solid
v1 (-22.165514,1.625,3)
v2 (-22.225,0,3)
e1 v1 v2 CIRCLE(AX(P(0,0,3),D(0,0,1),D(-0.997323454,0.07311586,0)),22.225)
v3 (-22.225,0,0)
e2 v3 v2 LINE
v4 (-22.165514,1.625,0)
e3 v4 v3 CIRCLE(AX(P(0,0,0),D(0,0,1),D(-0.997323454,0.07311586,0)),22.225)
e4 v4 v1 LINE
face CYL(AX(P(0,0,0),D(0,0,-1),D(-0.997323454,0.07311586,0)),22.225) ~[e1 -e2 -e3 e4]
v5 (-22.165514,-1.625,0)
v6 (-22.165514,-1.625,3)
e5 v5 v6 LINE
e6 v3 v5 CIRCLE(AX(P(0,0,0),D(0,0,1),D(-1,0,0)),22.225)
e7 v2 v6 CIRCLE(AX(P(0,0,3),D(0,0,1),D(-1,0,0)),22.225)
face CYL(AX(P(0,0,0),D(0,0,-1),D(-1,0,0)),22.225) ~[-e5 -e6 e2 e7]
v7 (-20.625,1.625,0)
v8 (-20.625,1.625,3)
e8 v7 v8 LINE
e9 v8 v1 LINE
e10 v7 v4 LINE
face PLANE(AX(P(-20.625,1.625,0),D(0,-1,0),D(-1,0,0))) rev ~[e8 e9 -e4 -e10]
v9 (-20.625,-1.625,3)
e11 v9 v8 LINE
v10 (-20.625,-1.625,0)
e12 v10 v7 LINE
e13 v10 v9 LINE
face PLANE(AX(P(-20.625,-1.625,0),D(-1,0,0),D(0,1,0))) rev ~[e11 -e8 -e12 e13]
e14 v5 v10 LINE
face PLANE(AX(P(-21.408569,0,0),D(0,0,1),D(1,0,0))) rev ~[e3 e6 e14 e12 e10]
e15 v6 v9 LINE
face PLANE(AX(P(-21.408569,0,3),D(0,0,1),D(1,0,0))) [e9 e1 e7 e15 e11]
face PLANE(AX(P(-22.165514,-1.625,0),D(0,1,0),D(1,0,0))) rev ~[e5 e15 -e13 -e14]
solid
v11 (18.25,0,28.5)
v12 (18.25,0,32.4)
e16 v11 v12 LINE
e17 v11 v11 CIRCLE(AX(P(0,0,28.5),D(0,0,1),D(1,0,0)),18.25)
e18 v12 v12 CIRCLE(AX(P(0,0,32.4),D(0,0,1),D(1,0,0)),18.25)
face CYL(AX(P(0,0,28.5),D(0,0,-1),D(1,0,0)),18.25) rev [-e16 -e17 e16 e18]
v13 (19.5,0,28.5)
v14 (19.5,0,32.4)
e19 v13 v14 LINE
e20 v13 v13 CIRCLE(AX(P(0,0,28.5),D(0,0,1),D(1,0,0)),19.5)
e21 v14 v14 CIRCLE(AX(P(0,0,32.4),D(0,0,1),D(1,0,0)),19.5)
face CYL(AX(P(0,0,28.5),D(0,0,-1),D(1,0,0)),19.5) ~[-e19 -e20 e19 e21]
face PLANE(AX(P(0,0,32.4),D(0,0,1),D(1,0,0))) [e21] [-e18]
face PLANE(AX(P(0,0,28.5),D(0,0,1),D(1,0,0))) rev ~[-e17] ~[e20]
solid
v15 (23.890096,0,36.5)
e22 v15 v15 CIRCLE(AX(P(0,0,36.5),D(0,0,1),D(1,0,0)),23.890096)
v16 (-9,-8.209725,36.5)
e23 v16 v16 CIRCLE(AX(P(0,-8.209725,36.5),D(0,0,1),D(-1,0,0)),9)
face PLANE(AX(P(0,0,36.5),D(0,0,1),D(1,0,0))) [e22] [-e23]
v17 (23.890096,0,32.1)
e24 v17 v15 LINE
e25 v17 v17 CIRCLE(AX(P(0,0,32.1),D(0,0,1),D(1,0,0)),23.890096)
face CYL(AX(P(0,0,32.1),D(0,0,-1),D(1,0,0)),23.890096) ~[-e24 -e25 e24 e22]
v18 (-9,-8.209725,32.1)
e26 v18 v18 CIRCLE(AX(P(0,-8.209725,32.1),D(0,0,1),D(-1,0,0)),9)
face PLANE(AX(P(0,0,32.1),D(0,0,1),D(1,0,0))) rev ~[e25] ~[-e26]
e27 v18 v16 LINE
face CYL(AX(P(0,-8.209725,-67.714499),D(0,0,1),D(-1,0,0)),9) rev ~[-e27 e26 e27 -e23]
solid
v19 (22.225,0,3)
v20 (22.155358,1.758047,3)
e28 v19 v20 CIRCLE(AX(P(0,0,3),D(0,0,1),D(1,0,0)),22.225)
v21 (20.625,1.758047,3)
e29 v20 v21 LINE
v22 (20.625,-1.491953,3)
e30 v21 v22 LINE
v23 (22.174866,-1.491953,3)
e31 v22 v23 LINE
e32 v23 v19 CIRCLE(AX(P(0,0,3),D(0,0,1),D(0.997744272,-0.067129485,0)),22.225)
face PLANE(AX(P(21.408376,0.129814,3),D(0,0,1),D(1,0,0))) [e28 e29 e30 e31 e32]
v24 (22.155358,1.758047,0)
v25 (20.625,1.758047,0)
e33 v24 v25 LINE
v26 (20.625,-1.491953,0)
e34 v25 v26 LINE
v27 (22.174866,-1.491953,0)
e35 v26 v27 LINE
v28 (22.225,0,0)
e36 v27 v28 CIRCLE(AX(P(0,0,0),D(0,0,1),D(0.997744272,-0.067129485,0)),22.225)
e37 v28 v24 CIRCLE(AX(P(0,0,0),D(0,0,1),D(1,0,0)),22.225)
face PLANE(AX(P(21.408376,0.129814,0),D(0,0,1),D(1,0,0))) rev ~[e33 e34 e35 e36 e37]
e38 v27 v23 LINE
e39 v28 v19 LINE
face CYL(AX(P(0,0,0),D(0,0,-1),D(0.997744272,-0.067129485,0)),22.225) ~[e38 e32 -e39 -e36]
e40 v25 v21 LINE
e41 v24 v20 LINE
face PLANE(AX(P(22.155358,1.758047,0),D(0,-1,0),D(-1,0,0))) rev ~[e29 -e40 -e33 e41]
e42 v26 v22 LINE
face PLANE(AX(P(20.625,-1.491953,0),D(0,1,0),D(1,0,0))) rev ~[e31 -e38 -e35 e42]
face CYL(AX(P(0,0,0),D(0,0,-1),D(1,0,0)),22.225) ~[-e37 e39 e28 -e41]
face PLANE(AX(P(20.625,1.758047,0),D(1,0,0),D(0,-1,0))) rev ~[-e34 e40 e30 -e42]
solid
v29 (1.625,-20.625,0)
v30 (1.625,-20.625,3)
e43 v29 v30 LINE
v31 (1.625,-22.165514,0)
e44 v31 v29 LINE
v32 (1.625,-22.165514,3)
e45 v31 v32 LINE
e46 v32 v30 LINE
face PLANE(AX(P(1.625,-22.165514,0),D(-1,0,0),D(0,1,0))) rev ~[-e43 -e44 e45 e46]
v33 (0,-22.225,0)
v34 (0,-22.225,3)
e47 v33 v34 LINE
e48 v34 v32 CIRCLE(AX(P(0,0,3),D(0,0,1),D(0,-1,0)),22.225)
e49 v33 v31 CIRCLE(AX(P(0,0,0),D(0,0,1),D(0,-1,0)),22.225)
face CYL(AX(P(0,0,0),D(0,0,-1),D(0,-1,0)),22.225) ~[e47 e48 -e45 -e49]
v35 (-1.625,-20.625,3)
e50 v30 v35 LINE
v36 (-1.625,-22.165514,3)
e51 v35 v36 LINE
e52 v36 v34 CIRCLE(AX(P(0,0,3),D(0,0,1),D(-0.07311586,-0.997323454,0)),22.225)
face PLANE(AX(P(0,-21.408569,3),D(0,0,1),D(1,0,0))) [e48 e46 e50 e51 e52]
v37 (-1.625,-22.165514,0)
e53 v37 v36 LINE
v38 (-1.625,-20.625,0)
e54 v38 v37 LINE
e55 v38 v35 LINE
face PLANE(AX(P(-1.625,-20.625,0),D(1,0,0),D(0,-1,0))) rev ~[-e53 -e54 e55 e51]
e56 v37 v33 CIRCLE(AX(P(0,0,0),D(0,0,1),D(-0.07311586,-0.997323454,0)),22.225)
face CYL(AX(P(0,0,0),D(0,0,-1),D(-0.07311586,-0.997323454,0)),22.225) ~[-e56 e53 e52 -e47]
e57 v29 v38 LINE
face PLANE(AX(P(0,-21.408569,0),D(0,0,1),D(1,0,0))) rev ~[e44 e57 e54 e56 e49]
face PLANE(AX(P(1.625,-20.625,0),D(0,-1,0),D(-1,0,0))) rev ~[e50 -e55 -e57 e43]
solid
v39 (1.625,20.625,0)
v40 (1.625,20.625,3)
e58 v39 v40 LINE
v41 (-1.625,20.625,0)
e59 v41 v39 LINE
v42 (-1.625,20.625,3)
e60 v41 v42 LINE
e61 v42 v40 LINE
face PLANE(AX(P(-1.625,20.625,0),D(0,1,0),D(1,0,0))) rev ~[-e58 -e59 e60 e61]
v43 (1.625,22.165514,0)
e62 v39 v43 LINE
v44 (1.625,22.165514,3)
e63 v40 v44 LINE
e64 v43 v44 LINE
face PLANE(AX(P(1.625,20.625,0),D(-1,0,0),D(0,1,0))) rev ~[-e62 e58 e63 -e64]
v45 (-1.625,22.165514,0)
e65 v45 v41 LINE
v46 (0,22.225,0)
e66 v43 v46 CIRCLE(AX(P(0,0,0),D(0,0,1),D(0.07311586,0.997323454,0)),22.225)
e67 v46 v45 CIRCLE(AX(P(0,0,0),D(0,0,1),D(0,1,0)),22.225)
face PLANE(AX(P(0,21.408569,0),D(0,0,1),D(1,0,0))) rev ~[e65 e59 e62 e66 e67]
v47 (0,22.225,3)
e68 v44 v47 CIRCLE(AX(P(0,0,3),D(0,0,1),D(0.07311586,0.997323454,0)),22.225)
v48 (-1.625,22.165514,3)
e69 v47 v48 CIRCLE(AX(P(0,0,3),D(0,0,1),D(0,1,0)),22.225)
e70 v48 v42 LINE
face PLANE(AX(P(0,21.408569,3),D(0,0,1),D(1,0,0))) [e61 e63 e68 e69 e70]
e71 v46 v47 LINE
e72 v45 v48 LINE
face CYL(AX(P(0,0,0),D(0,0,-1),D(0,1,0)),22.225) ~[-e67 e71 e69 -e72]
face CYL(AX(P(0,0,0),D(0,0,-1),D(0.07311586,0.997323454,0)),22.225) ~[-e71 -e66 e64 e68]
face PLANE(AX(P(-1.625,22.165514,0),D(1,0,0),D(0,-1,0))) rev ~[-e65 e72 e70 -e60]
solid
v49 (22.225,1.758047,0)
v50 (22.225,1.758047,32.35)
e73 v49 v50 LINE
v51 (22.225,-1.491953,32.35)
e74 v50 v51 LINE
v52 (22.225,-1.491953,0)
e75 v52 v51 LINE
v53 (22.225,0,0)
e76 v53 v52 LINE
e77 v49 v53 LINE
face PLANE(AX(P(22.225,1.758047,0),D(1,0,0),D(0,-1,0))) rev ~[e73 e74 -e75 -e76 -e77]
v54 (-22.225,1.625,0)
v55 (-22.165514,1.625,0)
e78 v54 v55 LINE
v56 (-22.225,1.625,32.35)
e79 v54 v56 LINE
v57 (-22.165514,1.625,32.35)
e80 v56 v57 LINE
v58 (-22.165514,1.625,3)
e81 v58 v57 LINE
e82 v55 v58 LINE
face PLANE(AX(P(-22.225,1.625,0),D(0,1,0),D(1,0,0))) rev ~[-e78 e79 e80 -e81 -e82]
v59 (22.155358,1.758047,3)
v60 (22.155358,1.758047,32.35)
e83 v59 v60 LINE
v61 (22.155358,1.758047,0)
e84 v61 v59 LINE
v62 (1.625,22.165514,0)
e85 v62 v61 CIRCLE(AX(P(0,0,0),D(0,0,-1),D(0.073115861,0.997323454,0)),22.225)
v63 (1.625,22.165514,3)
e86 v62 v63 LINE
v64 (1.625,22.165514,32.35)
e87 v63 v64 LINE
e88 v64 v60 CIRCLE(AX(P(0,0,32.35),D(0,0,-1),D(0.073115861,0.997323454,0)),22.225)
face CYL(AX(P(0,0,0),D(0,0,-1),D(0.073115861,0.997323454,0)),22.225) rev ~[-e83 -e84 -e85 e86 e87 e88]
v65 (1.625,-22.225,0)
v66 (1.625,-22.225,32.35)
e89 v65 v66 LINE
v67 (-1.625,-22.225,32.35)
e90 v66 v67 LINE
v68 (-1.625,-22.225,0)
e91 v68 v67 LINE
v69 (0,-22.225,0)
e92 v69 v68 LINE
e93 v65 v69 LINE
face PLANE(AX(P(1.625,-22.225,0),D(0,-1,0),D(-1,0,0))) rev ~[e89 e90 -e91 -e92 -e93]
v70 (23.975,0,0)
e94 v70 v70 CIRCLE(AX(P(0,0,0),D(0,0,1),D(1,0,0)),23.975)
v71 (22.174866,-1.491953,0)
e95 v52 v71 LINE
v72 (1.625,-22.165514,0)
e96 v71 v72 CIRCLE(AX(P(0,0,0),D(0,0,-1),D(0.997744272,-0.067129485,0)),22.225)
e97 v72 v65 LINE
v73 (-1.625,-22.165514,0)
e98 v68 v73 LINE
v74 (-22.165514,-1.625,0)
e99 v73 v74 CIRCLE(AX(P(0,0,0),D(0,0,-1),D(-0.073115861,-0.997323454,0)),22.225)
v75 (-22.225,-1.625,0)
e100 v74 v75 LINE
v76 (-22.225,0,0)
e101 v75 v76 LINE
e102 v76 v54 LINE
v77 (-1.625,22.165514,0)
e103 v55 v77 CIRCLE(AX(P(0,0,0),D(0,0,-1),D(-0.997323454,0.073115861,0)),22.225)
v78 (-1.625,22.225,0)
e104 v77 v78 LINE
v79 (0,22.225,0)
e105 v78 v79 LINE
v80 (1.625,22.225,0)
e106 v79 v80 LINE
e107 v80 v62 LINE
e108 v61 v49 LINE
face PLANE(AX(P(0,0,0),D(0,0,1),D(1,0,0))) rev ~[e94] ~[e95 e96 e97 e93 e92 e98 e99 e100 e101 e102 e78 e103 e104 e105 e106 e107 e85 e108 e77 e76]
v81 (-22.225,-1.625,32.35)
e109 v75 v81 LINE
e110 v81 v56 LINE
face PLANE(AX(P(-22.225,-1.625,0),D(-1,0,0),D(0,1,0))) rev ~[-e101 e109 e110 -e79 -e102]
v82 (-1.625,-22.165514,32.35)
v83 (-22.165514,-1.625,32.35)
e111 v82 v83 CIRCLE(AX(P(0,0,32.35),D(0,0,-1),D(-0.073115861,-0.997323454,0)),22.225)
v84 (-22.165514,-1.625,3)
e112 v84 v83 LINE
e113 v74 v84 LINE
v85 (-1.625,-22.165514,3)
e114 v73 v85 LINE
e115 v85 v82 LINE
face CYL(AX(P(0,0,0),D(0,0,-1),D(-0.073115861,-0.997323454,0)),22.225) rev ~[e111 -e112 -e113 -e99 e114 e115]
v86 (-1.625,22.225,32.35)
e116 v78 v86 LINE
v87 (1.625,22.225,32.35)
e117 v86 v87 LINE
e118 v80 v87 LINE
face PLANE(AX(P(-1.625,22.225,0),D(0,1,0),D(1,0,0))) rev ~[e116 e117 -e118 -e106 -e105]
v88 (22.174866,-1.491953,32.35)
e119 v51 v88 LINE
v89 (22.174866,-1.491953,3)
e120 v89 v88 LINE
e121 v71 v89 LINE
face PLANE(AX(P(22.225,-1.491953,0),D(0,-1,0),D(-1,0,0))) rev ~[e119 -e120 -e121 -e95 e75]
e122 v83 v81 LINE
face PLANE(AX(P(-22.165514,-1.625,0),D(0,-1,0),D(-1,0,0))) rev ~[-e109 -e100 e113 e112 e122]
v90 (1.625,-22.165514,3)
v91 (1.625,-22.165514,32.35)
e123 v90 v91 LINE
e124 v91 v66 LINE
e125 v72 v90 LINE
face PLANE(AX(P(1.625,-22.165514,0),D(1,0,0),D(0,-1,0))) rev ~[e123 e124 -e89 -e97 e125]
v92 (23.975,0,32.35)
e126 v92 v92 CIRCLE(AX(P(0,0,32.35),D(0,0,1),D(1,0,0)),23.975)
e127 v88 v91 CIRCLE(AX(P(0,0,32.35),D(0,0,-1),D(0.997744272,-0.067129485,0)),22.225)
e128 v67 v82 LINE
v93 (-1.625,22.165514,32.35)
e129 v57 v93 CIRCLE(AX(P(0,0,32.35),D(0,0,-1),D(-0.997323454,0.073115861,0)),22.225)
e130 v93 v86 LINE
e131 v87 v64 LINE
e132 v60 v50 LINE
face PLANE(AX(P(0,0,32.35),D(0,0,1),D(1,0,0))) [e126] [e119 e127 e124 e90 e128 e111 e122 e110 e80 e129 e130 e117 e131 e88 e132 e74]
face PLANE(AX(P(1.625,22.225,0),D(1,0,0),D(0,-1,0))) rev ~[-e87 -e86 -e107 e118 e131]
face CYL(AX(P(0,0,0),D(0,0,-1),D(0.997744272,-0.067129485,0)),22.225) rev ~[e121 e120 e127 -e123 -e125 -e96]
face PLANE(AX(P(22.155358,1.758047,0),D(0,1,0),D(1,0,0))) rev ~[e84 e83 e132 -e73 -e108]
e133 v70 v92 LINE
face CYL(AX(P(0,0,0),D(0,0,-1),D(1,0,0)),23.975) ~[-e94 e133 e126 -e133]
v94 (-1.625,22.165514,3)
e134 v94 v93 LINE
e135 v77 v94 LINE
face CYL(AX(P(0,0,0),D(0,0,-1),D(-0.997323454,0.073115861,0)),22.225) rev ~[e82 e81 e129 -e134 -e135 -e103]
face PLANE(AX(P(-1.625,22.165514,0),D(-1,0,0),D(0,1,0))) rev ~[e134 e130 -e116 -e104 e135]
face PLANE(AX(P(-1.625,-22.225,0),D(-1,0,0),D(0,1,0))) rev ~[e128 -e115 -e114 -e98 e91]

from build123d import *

# Parameters (mm, degrees)
F0_R     = 23.975
F1_DEPTH = 32.35
F2_DEPTH = 3
F3_START = 28.5
F0_R_2   = 19.5
F0_R_3   = 18.25
F3_DEPTH = 3.9
F5_START = 32.1
F4_R     = 23.8900958131
F5_DEPTH = 4.4
F7_D     = 18


with BuildPart() as f1:
    # F0 (on Top) → F1 (new body)
    with BuildSketch(Plane.XY):
        Circle(F0_R)
        with BuildLine():
            Line((22.225, 1.7580471948), (22.225, 0))
            Line((22.225, 0), (22.225, -1.4919528052))
            Line((22.225, -1.4919528052), (22.1748664444, -1.4919528052))
            ThreePointArc((22.1748664444, -1.4919528052), (15.7625328318, -15.6682220984), (1.625, -22.1655137545))
            Line((1.625, -22.1655137545), (1.625, -22.225))
            Line((1.625, -22.225), (0, -22.225))
            Line((0, -22.225), (-1.625, -22.225))
            Line((-1.625, -22.225), (-1.625, -22.1655137545))
            ThreePointArc((-1.625, -22.1655137545), (-15.7154482119, -15.7154482119), (-22.1655137545, -1.625))
            Line((-22.1655137545, -1.625), (-22.225, -1.625))
            Line((-22.225, -1.625), (-22.225, 0))
            Line((-22.225, 0), (-22.225, 1.625))
            Line((-22.225, 1.625), (-22.1655137545, 1.625))
            ThreePointArc((-22.1655137545, 1.625), (-15.7154482119, 15.7154482119), (-1.625, 22.1655137545))
            Line((-1.625, 22.1655137545), (-1.625, 22.225))
            Line((-1.625, 22.225), (0, 22.225))
            Line((0, 22.225), (1.625, 22.225))
            Line((1.625, 22.225), (1.625, 22.1655137545))
            ThreePointArc((1.625, 22.1655137545), (15.6682012804, 15.7625535253), (22.1553581569, 1.7580471948))
            Line((22.1553581569, 1.7580471948), (22.225, 1.7580471948))
        make_face(mode=Mode.SUBTRACT)
    extrude(amount=F1_DEPTH)

    # F0 (on Top) → F2 (join)
    with BuildSketch(Plane.XY):
        with BuildLine():
            Line((1.625, 20.625), (1.625, 22.1655137545))
            ThreePointArc((1.625, 22.1655137545), (0.8130442198, 22.2101234597), (0, 22.225))
            ThreePointArc((0, 22.225), (-0.8130442198, 22.2101234597), (-1.625, 22.1655137545))
            Line((-1.625, 22.1655137545), (-1.625, 20.625))
            Line((-1.625, 20.625), (1.625, 20.625))
        make_face()
        with BuildLine():
            ThreePointArc((22.1748664444, -1.4919528052), (22.2124630751, -0.7463974387), (22.225, 0))
            ThreePointArc((22.225, 0), (22.2075827144, 0.8797130108), (22.1553581569, 1.7580471948))
            Line((22.1553581569, 1.7580471948), (20.625, 1.7580471948))
            Line((20.625, 1.7580471948), (20.625, -1.4919528052))
            Line((20.625, -1.4919528052), (22.1748664444, -1.4919528052))
        make_face()
        with BuildLine():
            ThreePointArc((0, -22.225), (0.8130442198, -22.2101234597), (1.625, -22.1655137545))
            Line((1.625, -22.1655137545), (1.625, -20.625))
            Line((1.625, -20.625), (-1.625, -20.625))
            Line((-1.625, -20.625), (-1.625, -22.1655137545))
            ThreePointArc((-1.625, -22.1655137545), (-0.8130442198, -22.2101234597), (0, -22.225))
        make_face()
        with BuildLine():
            Line((-20.625, 1.625), (-22.1655137545, 1.625))
            ThreePointArc((-22.1655137545, 1.625), (-22.2101234597, 0.8130442198), (-22.225, 0))
            ThreePointArc((-22.225, 0), (-22.2101234597, -0.8130442198), (-22.1655137545, -1.625))
            Line((-22.1655137545, -1.625), (-20.625, -1.625))
            Line((-20.625, -1.625), (-20.625, 1.625))
        make_face()
    extrude(amount=F2_DEPTH)


with BuildPart() as f3:
    # F0 (on Top) → F3 (new body)
    with BuildSketch(Plane.XY.offset(F3_START)):
        Circle(F0_R_2)
        Circle(F0_R_3, mode=Mode.SUBTRACT)
    extrude(amount=F3_DEPTH)


with BuildPart() as f5:
    # F4 (on Top) → F5 (new body)
    with BuildSketch(Plane.XY.offset(F5_START)):
        Circle(F4_R)
    extrude(amount=F5_DEPTH)

    # F7 (through all)
    with Locations(Plane(origin=(0, 0, 0), x_dir=(1, 0, 0), z_dir=(0, 0, -1))):
        with Locations((0, 8.2097251497)):
            Hole(F7_D / 2)


solid = Compound([f1.part, f3.part, f5.part])
